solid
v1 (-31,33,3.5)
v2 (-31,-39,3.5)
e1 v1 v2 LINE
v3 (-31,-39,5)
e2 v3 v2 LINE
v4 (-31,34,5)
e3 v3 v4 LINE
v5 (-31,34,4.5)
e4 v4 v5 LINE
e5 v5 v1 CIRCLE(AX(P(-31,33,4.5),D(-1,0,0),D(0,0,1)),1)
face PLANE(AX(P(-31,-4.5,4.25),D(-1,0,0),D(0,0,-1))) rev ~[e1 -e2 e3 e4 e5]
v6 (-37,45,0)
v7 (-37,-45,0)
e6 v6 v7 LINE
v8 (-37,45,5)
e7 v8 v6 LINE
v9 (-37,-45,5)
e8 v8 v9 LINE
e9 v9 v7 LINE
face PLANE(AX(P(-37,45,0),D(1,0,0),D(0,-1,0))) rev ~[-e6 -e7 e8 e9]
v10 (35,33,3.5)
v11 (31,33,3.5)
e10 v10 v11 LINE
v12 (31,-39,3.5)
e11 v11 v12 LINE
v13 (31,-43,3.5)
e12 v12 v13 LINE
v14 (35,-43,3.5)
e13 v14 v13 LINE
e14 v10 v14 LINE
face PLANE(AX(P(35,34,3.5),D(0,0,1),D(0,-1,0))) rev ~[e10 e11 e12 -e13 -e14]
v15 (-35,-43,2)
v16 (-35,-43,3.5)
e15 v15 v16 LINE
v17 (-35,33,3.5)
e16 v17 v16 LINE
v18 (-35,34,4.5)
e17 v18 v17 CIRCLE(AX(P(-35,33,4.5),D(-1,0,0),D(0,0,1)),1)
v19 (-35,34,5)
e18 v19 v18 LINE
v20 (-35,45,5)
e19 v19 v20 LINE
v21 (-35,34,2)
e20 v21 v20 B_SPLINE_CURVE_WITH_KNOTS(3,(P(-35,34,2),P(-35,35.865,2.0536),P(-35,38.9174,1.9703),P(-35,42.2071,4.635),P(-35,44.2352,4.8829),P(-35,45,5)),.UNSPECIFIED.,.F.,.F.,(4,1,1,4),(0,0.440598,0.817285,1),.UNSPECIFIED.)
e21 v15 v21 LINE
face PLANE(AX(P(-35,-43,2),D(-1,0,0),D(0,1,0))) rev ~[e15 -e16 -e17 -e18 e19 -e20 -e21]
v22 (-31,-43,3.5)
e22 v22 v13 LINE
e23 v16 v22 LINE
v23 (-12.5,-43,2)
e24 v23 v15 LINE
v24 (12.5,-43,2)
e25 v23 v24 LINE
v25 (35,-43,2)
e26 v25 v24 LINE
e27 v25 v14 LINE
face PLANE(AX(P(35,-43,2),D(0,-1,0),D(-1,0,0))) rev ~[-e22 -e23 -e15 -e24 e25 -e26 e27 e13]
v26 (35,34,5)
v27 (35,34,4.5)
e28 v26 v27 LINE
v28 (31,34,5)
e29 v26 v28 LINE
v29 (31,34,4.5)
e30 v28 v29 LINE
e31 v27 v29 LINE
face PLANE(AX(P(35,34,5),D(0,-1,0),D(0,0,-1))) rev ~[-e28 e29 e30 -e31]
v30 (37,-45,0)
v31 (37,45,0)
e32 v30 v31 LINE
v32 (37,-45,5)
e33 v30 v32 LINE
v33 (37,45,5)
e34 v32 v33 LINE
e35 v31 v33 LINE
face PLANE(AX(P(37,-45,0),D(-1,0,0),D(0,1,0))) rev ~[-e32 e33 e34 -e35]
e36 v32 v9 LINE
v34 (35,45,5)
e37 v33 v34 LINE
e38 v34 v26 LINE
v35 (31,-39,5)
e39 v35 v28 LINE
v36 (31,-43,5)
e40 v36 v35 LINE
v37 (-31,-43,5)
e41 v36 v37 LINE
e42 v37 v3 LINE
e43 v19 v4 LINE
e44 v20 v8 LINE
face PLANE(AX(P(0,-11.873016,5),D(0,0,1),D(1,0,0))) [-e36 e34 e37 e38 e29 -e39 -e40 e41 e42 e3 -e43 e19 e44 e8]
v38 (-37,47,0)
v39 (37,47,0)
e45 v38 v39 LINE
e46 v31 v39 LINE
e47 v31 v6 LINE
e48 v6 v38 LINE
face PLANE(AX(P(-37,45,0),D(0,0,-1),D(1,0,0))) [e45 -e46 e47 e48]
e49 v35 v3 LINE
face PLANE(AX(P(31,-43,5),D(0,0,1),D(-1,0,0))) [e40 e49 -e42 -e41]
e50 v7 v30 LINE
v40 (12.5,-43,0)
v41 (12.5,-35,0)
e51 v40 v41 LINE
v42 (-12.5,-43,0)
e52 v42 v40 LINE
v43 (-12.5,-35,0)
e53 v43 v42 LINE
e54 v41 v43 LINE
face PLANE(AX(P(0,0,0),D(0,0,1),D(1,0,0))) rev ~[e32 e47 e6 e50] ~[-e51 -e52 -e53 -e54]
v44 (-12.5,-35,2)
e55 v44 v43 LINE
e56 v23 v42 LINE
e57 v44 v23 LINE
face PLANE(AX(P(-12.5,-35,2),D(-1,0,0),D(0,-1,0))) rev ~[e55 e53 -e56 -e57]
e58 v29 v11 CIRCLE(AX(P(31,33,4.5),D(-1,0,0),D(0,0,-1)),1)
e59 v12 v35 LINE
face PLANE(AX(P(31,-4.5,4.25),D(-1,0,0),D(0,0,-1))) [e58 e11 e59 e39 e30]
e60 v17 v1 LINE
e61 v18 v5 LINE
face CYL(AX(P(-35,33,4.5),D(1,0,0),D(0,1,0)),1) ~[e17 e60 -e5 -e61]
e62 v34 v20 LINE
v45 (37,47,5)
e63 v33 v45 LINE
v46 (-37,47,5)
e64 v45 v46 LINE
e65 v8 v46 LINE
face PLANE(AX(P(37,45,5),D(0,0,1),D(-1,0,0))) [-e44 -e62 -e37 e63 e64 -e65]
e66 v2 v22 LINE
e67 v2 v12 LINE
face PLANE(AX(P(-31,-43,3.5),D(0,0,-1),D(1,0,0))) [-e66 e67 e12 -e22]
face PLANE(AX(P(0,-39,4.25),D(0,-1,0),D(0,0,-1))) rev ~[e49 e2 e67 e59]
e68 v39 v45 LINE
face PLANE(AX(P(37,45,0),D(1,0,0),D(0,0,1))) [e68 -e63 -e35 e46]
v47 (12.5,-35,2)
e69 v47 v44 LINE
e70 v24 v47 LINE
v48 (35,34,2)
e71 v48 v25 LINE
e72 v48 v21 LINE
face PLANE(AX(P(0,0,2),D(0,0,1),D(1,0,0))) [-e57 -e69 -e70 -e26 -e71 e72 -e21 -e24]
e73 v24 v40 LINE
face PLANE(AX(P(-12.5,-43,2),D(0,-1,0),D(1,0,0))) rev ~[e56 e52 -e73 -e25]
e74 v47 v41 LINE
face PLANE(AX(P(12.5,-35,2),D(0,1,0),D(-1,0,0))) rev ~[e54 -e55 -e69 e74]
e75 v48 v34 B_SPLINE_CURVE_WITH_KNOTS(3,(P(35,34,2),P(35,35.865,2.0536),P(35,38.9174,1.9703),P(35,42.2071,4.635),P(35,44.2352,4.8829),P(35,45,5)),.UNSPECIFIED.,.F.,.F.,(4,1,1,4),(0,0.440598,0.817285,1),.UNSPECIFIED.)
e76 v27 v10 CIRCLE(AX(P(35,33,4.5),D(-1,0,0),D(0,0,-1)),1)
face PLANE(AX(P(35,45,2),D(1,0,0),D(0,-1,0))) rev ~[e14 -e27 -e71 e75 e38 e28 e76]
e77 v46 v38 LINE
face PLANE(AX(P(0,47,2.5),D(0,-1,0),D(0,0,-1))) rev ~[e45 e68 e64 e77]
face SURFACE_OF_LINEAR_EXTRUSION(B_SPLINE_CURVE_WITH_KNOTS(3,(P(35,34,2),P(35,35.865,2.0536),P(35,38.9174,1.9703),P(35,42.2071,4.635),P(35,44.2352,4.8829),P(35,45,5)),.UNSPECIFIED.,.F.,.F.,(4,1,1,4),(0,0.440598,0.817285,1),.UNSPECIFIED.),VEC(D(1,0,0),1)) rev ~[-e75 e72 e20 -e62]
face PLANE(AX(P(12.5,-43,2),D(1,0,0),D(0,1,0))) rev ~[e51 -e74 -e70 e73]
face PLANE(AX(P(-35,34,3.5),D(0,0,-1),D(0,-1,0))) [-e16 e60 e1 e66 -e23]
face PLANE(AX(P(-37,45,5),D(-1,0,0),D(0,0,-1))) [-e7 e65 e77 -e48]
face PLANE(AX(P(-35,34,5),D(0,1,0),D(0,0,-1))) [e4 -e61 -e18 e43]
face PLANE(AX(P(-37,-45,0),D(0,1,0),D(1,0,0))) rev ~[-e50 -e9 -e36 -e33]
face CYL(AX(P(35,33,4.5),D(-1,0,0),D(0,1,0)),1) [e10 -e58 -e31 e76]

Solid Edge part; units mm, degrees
sketch "Sketch1" plane through (0, 0, 0) normal (0, 0, 1) x (1, 0, 0)
  line L0 (-37, -45) -> (37, -45)
  line L1 (37, -45) -> (37, 45)
  line L2 (37, 45) -> (-37, 45)
  line L3 (-37, 45) -> (-37, -45)
  dimension "D1" = 74
  dimension "D2" = 90
extrude "Protrusion1" add sketch "Sketch1" along normal blind 2
sketch "Sketch2" plane through (0, 0, 2) normal (0, 0, 1) x (1, 0, 0)
  line L0 (-35, -43) -> (-35, 45)
  line L1 (-35, 45) -> (-37, 45)
  line L2 (-37, 45) -> (-37, -45)
  line L3 (37, -45) -> (-37, -45)
  line L4 (37, -45) -> (37, 45)
  line L5 (37, 45) -> (35, 45)
  line L6 (35, 45) -> (35, -43)
  line L7 (35, -43) -> (-35, -43)
extrude "ExtrudedProtrusion_2" add sketch "Sketch2" along normal blind 3
sketch "Sketch3" plane through (35, 1, 3.5) normal (-1, 0, 0) x (0, -1, 0)
  line L0 (44, 1.5) -> (-33, 1.5)
  line L1 (-33, 1.5) -> (-33, 0)
  line L2 (-33, 0) -> (44, 0)
  line L3 (44, 0) -> (44, 1.5)
extrude "ExtrudedProtrusion_3" add sketch "Sketch3" along normal blind 4
sketch "Sketch4" plane through (-35, 1, 3.5) normal (1, 0, 0) x (0, 1, 0)
  line L0 (-44, 1.5) -> (33, 1.5)
  line L1 (33, 1.5) -> (33, 0)
  line L2 (33, 0) -> (-44, 0)
  line L3 (-44, 0) -> (-44, 1.5)
extrude "ExtrudedProtrusion_4" add sketch "Sketch4" along normal blind 4
sketch "Sketch5" plane through (35, 1, 3.5) normal (-1, 0, 0) x (0, -1, 0)
  spline S0 degree 3 poles (-33, -1.5) (-34.865, -1.4464) (-37.9174, -1.5297) (-41.2071, 1.135) (-43.2352, 1.3829) (-44, 1.5) knots 0 0 0 0 0.440598 0.817285 1 1 1 1
  line L0 (-44, -1.5) -> (-33, -1.5)
  line L1 (-44, 1.5) -> (-44, -1.5)
extrude "ExtrudedProtrusion_5" add sketch "Sketch5" along normal blind 70
fillet "Round_5" radius 1 2 edges at (33, 34, 3.5) (-33, 34, 3.5)
sketch "Sketch6" plane through (0, 45, 2.5) normal (0, 1, 0) x (-1, 0, 0)
  line L0 (37, -2.5) -> (-37, -2.5)
  line L1 (-37, -2.5) -> (-37, 2.5)
  line L2 (-37, 2.5) -> (37, 2.5)
  line L3 (37, 2.5) -> (37, -2.5)
extrude "ExtrudedProtrusion_6" add sketch "Sketch6" along normal blind 2
sketch "Sketch7" plane through (0, -4.5, 2) normal (0, 0, 1) x (1, 0, 0)
  line L0 (12.5, -30.5) -> (-12.5, -30.5)
  line L1 (-12.5, -30.5) -> (-12.5, -38.5)
  line L2 (-12.5, -38.5) -> (12.5, -38.5)
  line L3 (12.5, -38.5) -> (12.5, -30.5)
  dimension "D1" = 8
  dimension "D2" = 25
extrude "ExtrudedCutout_1" cut sketch "Sketch7" against normal blind 2
sketch "Sketch8" plane through (0, -43, 2.5) normal (0, 1, 0) x (1, 0, 0)
  line L0 (-31, -1) -> (31, -1)
  line L1 (31, -1) -> (31, -2.5)
  line L2 (31, -2.5) -> (-31, -2.5)
  line L3 (-31, -2.5) -> (-31, -1)
extrude "ExtrudedProtrusion_7" add sketch "Sketch8" along normal blind 4
